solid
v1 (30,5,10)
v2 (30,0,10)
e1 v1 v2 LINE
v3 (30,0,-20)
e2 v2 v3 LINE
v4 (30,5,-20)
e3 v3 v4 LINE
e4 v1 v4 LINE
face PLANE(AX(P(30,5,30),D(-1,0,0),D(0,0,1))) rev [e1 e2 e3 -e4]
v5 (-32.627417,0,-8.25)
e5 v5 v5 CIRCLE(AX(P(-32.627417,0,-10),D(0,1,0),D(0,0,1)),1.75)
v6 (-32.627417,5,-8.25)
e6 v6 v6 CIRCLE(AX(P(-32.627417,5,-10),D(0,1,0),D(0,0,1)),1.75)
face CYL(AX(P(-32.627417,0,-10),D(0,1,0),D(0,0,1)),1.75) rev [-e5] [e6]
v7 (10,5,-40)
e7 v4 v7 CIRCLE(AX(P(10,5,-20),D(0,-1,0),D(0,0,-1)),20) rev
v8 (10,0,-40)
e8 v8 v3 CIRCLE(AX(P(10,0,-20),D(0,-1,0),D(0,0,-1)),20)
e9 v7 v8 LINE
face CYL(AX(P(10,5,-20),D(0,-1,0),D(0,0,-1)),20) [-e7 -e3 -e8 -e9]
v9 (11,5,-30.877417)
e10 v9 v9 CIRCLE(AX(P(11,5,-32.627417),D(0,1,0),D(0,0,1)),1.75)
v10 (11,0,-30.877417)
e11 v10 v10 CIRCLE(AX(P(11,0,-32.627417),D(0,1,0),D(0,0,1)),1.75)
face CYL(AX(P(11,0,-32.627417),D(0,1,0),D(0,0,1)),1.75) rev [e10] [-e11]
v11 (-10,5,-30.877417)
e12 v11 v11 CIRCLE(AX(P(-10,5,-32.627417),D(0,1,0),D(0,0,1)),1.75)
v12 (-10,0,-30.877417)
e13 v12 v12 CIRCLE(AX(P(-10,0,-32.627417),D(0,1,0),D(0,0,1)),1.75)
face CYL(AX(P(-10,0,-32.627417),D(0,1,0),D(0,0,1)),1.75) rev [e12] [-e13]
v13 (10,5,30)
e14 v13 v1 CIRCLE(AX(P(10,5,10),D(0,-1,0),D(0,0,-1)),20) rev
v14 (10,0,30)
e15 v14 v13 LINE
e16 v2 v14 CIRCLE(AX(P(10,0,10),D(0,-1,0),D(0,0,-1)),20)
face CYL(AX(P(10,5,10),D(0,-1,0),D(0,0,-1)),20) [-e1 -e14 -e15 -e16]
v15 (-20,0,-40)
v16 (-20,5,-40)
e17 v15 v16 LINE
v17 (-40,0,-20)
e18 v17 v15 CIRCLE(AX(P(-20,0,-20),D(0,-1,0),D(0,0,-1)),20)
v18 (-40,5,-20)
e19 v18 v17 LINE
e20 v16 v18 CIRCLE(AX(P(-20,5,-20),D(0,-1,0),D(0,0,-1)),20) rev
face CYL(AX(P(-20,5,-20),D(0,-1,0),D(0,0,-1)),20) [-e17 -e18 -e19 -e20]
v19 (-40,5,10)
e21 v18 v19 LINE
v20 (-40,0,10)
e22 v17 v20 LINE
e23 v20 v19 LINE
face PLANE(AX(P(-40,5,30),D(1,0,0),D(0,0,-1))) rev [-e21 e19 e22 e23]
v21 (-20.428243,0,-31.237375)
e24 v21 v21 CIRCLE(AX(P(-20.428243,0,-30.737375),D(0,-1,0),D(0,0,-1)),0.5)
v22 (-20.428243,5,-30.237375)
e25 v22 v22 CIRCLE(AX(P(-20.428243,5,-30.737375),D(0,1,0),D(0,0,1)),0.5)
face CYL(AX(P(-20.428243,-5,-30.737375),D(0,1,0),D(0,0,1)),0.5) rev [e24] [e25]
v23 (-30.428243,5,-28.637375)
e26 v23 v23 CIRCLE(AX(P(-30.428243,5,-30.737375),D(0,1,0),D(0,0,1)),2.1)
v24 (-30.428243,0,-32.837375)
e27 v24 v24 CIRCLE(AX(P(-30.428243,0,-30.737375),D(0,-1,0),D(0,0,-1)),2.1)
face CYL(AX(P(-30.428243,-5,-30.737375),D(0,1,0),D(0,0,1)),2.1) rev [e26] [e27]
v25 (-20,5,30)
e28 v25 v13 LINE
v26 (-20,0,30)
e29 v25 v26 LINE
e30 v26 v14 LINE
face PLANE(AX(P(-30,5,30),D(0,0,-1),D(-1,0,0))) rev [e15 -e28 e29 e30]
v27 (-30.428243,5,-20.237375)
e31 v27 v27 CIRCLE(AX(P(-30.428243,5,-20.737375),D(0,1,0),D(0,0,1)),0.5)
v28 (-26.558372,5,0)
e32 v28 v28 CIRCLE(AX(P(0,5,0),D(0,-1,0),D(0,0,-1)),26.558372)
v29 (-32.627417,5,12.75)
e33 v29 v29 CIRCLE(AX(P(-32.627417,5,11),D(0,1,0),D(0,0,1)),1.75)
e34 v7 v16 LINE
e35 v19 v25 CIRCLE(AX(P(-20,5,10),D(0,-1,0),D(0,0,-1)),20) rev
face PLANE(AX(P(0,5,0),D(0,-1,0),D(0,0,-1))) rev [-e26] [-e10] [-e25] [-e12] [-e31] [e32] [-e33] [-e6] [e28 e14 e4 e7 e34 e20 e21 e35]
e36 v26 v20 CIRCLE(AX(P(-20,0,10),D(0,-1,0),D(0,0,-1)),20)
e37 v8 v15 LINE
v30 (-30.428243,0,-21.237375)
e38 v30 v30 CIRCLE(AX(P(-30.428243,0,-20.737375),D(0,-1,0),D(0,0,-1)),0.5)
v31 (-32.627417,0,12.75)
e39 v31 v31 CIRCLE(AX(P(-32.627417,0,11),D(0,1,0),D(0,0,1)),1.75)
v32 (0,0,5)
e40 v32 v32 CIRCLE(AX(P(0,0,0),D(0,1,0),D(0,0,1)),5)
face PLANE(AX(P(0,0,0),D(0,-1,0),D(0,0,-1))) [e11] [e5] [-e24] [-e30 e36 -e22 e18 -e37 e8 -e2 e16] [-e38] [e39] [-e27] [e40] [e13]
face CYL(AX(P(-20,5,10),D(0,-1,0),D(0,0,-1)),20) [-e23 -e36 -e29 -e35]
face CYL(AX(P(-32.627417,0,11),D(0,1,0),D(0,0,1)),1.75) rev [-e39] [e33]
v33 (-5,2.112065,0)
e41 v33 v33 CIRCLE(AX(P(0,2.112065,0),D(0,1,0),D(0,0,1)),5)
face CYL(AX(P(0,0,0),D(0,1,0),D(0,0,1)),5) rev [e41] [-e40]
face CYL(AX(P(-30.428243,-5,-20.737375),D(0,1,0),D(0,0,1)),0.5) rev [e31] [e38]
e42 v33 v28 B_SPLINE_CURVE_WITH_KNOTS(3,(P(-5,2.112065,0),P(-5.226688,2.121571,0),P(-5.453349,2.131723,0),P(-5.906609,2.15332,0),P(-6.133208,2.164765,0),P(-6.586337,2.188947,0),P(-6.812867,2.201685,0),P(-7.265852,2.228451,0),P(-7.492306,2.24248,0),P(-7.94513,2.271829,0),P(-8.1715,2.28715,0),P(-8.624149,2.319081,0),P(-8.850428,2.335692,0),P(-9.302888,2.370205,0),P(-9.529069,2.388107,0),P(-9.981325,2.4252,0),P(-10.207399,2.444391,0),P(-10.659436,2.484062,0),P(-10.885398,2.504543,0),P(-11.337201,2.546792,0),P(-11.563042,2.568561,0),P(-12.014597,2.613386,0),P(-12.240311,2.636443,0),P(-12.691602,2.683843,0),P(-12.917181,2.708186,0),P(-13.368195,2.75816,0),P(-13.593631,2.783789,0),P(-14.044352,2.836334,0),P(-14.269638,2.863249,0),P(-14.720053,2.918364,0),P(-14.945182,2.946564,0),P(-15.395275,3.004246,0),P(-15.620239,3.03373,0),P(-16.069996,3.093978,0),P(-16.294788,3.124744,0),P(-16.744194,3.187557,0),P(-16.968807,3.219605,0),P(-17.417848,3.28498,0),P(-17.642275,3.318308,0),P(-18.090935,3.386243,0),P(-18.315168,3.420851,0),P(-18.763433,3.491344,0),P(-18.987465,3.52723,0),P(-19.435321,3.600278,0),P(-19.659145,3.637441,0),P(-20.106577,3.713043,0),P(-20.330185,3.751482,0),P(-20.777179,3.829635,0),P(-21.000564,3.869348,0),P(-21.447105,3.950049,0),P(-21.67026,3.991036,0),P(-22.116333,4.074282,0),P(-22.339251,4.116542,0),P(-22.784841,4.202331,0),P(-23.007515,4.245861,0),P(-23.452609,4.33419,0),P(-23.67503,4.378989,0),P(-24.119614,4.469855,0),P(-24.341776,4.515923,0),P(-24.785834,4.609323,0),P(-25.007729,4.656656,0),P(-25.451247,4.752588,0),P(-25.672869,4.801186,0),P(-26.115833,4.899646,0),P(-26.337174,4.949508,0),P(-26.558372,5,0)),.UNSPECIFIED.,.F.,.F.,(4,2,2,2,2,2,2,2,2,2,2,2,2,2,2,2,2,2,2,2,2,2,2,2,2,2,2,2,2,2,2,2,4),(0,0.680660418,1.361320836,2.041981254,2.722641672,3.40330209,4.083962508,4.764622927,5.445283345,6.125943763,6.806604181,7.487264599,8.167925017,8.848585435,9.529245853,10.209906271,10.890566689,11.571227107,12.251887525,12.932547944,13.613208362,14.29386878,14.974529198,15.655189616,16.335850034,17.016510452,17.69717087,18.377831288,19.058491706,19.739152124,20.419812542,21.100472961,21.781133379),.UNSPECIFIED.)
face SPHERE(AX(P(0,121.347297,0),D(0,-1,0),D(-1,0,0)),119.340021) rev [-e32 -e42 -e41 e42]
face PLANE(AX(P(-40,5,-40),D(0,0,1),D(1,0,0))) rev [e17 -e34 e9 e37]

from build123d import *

# Parameters (mm, degrees)
SKETCH1_W           = 60
SKETCH1_H           = 60
BOSS_EXTRUDE1_DEPTH = 5
SKETCH2_R           = 5
CUT_EXTRUDE1_DEPTH  = 43.720018727
BOSS_EXTRUDE2_DEPTH = 5
SKETCH4_R           = 1.75
CUT_EXTRUDE2_DEPTH  = 57.789083467
FILLET1_R           = 20
SKETCH8_R           = 2.1
SKETCH8_R_2         = 0.5
CUT_EXTRUDE3_DEPTH  = 10


with BuildPart() as part:
    # Sketch1 → Boss-Extrude1 (new body)
    with BuildSketch(Plane(origin=(0, 0, 0), x_dir=(1, 0, 0), z_dir=(0, 1, 0))):
        Rectangle(SKETCH1_W, SKETCH1_H)
    extrude(amount=BOSS_EXTRUDE1_DEPTH)

    # Sketch2 → Cut-Extrude1 (cut, through all)
    with BuildSketch(Plane(origin=(0, 5, 0), x_dir=(1, 0, 0), z_dir=(0, 1, 0))):
        with Locations(Location((0, 0, 0), (0, 0, 270))):
            Circle(SKETCH2_R)
    extrude(amount=-CUT_EXTRUDE1_DEPTH, mode=Mode.SUBTRACT)

    # Sketch3 → Cut-Revolve1 (revolve, cut)
    with BuildSketch(Plane.XY):
        with BuildLine():
            Line((0, 2.007275927), (0, 240.687318419))
            ThreePointArc((0, 240.687318419), (119.340021246, 121.347297173), (0, 2.007275927))
        make_face()
    revolve(axis=Axis((0, 2.007275927, 0), (0, 1, 0)), mode=Mode.SUBTRACT)

    # Sketch5 → Boss-Extrude2 (add)
    with BuildSketch(Plane(origin=(0, 0, 0), x_dir=(1, 0, 0), z_dir=(0, 1, 0))):
        Polygon((-30, -30), (-40, -30), (-40, 40), (30, 40), (30, 30), (-30, 30), align=None)
    extrude(amount=BOSS_EXTRUDE2_DEPTH)

    # Sketch4 → Cut-Extrude2 (cut, through all)
    with BuildSketch(Plane(origin=(0, 5, 0), x_dir=(1, 0, 0), z_dir=(0, 1, 0))):
        with Locations(Location((-32.627416998, 10, 0), (0, 0, 270))):
            Circle(SKETCH4_R)
        with Locations(Location((-10, 32.627416998, 0), (0, 0, 270))):
            Circle(SKETCH4_R)
        with Locations(Location((11, 32.627416998, 0), (0, 0, 270))):
            Circle(SKETCH4_R)
        with Locations(Location((-32.627416998, -11, 0), (0, 0, 270))):
            Circle(SKETCH4_R)
    extrude(amount=-CUT_EXTRUDE2_DEPTH, mode=Mode.SUBTRACT)

    # Fillet1
    fillet1_edges = [part.edges().sort_by_distance(p)[0] for p in [
        (30, 2.5, -40),
        (-40, 2.5, -40),
        (-40, 2.5, 30),
        (30, 2.5, 30),
    ]]
    fillet(fillet1_edges, radius=FILLET1_R)

    # Sketch8 → Cut-Extrude3 (cut)
    with BuildSketch(Plane(origin=(0, 5, 0), x_dir=(1, 0, 0), z_dir=(0, 1, 0))):
        with Locations(Location((-30.428243041, 30.737374818, 0), (0, 0, 270))):
            Circle(SKETCH8_R)
        with Locations(Location((-20.428243041, 30.737374818, 0), (0, 0, 270))):
            Circle(SKETCH8_R_2)
        with Locations(Location((-30.428243041, 20.737374818, 0), (0, 0, 270))):
            Circle(SKETCH8_R_2)
    extrude(amount=-CUT_EXTRUDE3_DEPTH, mode=Mode.SUBTRACT)


solid = part.part
